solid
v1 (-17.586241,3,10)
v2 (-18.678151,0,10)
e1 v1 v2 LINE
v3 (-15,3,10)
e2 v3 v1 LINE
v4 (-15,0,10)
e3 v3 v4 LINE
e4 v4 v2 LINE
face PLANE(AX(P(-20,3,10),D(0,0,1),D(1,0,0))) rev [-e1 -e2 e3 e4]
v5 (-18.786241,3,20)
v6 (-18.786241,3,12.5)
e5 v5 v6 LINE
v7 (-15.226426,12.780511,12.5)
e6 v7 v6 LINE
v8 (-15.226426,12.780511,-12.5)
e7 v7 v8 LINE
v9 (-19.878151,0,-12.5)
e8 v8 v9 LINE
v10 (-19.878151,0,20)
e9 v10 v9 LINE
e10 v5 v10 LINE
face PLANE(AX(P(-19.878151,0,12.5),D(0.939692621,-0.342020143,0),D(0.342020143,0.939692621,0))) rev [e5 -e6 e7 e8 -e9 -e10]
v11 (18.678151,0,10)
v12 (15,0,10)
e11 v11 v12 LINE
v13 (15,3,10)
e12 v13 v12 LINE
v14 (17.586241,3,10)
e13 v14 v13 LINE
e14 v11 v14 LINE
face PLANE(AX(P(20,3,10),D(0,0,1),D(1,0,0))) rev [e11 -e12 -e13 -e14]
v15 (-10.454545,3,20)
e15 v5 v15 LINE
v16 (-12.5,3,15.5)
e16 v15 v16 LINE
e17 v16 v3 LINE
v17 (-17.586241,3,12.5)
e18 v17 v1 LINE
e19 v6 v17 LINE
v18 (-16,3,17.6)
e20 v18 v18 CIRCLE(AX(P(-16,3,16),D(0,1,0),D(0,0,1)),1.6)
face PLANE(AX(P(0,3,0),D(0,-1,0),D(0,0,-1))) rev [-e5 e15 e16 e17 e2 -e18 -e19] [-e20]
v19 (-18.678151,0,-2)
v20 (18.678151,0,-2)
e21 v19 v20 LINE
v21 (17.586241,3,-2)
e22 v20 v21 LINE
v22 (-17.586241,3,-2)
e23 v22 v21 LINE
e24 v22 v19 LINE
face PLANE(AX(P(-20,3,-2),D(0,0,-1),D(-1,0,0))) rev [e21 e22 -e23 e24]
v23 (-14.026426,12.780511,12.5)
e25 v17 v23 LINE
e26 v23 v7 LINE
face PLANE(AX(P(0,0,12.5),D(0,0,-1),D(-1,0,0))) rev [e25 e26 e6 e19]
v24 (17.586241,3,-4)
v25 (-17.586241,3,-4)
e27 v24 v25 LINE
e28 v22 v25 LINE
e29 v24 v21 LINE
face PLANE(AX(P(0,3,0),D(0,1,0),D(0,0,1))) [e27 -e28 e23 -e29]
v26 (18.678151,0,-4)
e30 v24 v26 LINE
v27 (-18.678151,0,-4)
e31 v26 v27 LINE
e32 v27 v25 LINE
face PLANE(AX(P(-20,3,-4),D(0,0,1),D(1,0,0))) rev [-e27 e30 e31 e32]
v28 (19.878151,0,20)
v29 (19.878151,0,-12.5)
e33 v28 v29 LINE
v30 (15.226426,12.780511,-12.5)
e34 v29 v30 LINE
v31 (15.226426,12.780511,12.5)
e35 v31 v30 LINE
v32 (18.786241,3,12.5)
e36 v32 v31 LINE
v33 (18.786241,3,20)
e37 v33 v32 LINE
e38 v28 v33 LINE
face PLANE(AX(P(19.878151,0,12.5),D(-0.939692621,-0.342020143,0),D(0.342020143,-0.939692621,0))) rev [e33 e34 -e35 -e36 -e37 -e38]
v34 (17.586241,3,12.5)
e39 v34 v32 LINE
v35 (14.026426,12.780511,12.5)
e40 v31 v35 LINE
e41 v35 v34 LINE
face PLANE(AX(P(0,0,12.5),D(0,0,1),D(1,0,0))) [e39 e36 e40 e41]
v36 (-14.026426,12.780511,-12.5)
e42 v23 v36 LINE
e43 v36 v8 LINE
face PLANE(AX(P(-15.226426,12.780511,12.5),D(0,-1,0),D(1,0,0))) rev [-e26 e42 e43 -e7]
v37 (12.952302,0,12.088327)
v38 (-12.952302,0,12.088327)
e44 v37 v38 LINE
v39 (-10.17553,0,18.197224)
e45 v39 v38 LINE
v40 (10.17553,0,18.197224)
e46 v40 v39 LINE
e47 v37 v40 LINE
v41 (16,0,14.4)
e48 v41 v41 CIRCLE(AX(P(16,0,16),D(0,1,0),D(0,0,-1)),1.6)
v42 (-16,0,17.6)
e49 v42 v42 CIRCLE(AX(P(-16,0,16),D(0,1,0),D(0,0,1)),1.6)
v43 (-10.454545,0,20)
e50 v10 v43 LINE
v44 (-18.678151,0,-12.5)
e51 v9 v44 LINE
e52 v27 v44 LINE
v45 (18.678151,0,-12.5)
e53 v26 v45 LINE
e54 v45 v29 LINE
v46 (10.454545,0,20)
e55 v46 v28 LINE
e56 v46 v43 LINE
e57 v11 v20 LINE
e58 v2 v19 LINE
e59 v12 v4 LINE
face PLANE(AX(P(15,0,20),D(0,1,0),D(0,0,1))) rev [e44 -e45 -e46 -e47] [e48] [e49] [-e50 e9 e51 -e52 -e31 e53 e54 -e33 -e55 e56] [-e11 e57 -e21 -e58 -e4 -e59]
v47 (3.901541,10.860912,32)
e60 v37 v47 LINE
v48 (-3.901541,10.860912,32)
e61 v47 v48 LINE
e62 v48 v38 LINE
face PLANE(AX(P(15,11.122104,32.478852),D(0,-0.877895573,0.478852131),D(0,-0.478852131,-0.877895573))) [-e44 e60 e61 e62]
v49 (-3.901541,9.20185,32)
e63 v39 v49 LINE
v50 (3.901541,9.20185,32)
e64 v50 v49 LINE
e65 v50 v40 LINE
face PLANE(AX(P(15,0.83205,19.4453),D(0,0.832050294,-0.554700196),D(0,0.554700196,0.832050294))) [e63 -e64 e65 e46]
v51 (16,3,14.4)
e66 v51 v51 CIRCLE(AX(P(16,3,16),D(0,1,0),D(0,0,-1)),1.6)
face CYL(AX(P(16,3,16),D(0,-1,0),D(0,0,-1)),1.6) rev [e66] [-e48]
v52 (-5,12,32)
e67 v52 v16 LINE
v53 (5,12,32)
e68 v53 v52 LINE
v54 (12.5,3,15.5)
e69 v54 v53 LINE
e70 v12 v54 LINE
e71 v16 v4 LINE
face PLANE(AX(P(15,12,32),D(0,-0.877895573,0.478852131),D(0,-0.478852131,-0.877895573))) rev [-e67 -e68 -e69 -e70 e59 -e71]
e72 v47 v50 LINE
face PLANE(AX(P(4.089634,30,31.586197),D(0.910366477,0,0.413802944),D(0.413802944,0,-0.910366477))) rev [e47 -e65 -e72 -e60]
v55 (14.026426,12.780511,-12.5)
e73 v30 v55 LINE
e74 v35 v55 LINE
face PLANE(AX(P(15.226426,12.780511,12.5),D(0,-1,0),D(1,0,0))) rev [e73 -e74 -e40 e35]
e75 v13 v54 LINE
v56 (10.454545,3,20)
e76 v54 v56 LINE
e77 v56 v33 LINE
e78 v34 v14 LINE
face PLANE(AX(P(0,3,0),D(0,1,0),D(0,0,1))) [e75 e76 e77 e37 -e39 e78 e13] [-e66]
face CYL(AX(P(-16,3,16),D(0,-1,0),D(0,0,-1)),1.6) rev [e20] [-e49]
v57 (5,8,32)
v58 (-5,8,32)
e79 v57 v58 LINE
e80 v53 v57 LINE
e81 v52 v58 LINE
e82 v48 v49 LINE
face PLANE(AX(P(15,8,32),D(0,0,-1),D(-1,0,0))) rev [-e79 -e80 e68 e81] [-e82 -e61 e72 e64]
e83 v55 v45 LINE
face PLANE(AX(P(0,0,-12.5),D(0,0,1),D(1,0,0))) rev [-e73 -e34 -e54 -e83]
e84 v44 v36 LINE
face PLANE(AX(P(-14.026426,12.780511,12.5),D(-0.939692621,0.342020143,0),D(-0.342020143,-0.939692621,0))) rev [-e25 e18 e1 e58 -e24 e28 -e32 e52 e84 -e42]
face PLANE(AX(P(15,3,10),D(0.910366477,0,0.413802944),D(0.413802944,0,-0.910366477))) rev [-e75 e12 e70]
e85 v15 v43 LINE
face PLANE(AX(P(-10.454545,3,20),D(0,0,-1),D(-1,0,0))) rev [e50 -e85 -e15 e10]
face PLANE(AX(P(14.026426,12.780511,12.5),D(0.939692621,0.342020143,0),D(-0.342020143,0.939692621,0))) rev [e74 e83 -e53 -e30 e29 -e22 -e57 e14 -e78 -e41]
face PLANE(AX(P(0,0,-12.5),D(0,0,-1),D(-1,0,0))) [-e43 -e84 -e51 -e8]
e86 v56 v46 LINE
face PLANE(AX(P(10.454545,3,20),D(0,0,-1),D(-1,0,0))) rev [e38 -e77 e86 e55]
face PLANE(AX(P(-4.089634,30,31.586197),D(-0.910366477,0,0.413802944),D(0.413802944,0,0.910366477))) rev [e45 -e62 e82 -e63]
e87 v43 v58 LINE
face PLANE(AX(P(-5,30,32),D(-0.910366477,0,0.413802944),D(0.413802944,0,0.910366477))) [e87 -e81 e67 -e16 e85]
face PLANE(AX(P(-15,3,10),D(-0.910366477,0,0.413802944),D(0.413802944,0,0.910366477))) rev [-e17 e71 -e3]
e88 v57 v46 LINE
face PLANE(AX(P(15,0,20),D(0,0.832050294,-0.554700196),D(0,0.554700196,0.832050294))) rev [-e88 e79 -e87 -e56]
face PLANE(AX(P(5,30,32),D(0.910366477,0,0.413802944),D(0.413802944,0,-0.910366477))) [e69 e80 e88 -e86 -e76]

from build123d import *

# Parameters (mm, degrees)
EXTRUDE_3_DEPTH     = 15
CUT_EXTRUDE_1_DEPTH = 30
SHELL_3_T           = -1
EXTRUDE_4_DEPTH     = 12.5
EXTRUDE_4_2_DEPTH   = 12.5
SKETCH_6_R          = 1.6
SKETCH_6_W          = 40
SKETCH_6_H          = 2
EXTRUDE_5_DEPTH     = 3
CUT_EXTRUDE_2_DEPTH = 61


with BuildPart() as part:
    # 草圖2 → 填料-伸長3 (new, symmetric)
    with BuildSketch(Plane(origin=(0, 0, 0), x_dir=(0, 0, -1), z_dir=(1, 0, 0))):
        Polygon((-20, 0), (-10, 0), (-32, 12), (-32, 8), align=None)
    extrude(amount=EXTRUDE_3_DEPTH, both=True)

    # 草圖3 → 除料-伸長1 (cut)
    with BuildSketch(Plane(origin=(0, 0, 0), x_dir=(1, 0, 0), z_dir=(0, 1, 0))):
        Polygon((-15, -10), (-15, -32), (-5, -32), align=None)
        Polygon((5, -32), (15, -10), (15, -32), align=None)
    extrude(amount=CUT_EXTRUDE_1_DEPTH, mode=Mode.SUBTRACT)

    # 薄殼3
    shell_3_openings = [part.faces().sort_by_distance(p)[0] for p in [
        (0, 10, 32),
        (0, 0, 14.702380952),
    ]]
    offset(amount=SHELL_3_T, openings=shell_3_openings, kind=Kind.INTERSECTION)



with BuildPart() as body_2:
    # 草圖5 → 填料-伸長4 (new, symmetric)
    with BuildSketch(Plane.XY):
        Polygon((-19.878151447, 0), (-15.226425738, 12.780511349), (-14.026425738, 12.780511349), (-18.678151447, 0), align=None)
    extrude(amount=EXTRUDE_4_DEPTH, both=True)


with BuildPart() as body_3:
    # 草圖5 → Extrude 4 2 (new, symmetric)
    with BuildSketch(Plane.XY):
        Polygon((18.678151447, 0), (19.878151447, 0), (15.226425738, 12.780511349), (14.026425738, 12.780511349), align=None)
    extrude(amount=EXTRUDE_4_2_DEPTH, both=True)


with BuildPart() as part_1:
    add(part.part)

    add(body_2.part)  # 填料-伸長5 merges body 2

    add(body_3.part)  # 填料-伸長5 merges body 3
    # 草圖6 → 填料-伸長5 (add)
    # profile 1 of 3: a face of its own
    with BuildSketch(Plane(origin=(0, 0, 0), x_dir=(1, 0, 0), z_dir=(0, 1, 0))):
        Polygon((-20, -10), (-15, -10), (-10.454545455, -20), (-20, -20), align=None)
        with Locations(Location((-16, -16, 0), (0, 0, 270))):
            Circle(SKETCH_6_R, mode=Mode.SUBTRACT)
    # profile 2 of 3: a face of its own
    with BuildSketch(Plane(origin=(0, 0, 0), x_dir=(1, 0, 0), z_dir=(0, 1, 0))):
        Polygon((20, -20), (20, -10), (15, -10), (10.454545455, -20), align=None)
        with Locations(Location((16, -16, 0), (0, 0, 90))):
            Circle(SKETCH_6_R, mode=Mode.SUBTRACT)
    # profile 3 of 3: a face of its own
    with BuildSketch(Plane(origin=(0, 0, 0), x_dir=(1, 0, 0), z_dir=(0, 1, 0))):
        with Locations((0, 3)):
            Rectangle(SKETCH_6_W, SKETCH_6_H)
    extrude(amount=EXTRUDE_5_DEPTH)

    # 草圖7 → 除料-伸長2 (cut)
    with BuildSketch(Plane(origin=(0, 0, -12.5), x_dir=(-1, 0, 0), z_dir=(0, 0, -1))):
        Polygon((-20, 3), (-18.786240745, 3), (-19.878151447, 0), (-20, 0), align=None)
        Polygon((20, 0), (20, 3), (18.786240745, 3), (19.878151447, 0), align=None)
    extrude(amount=-CUT_EXTRUDE_2_DEPTH, mode=Mode.SUBTRACT)


solid = part_1.part
